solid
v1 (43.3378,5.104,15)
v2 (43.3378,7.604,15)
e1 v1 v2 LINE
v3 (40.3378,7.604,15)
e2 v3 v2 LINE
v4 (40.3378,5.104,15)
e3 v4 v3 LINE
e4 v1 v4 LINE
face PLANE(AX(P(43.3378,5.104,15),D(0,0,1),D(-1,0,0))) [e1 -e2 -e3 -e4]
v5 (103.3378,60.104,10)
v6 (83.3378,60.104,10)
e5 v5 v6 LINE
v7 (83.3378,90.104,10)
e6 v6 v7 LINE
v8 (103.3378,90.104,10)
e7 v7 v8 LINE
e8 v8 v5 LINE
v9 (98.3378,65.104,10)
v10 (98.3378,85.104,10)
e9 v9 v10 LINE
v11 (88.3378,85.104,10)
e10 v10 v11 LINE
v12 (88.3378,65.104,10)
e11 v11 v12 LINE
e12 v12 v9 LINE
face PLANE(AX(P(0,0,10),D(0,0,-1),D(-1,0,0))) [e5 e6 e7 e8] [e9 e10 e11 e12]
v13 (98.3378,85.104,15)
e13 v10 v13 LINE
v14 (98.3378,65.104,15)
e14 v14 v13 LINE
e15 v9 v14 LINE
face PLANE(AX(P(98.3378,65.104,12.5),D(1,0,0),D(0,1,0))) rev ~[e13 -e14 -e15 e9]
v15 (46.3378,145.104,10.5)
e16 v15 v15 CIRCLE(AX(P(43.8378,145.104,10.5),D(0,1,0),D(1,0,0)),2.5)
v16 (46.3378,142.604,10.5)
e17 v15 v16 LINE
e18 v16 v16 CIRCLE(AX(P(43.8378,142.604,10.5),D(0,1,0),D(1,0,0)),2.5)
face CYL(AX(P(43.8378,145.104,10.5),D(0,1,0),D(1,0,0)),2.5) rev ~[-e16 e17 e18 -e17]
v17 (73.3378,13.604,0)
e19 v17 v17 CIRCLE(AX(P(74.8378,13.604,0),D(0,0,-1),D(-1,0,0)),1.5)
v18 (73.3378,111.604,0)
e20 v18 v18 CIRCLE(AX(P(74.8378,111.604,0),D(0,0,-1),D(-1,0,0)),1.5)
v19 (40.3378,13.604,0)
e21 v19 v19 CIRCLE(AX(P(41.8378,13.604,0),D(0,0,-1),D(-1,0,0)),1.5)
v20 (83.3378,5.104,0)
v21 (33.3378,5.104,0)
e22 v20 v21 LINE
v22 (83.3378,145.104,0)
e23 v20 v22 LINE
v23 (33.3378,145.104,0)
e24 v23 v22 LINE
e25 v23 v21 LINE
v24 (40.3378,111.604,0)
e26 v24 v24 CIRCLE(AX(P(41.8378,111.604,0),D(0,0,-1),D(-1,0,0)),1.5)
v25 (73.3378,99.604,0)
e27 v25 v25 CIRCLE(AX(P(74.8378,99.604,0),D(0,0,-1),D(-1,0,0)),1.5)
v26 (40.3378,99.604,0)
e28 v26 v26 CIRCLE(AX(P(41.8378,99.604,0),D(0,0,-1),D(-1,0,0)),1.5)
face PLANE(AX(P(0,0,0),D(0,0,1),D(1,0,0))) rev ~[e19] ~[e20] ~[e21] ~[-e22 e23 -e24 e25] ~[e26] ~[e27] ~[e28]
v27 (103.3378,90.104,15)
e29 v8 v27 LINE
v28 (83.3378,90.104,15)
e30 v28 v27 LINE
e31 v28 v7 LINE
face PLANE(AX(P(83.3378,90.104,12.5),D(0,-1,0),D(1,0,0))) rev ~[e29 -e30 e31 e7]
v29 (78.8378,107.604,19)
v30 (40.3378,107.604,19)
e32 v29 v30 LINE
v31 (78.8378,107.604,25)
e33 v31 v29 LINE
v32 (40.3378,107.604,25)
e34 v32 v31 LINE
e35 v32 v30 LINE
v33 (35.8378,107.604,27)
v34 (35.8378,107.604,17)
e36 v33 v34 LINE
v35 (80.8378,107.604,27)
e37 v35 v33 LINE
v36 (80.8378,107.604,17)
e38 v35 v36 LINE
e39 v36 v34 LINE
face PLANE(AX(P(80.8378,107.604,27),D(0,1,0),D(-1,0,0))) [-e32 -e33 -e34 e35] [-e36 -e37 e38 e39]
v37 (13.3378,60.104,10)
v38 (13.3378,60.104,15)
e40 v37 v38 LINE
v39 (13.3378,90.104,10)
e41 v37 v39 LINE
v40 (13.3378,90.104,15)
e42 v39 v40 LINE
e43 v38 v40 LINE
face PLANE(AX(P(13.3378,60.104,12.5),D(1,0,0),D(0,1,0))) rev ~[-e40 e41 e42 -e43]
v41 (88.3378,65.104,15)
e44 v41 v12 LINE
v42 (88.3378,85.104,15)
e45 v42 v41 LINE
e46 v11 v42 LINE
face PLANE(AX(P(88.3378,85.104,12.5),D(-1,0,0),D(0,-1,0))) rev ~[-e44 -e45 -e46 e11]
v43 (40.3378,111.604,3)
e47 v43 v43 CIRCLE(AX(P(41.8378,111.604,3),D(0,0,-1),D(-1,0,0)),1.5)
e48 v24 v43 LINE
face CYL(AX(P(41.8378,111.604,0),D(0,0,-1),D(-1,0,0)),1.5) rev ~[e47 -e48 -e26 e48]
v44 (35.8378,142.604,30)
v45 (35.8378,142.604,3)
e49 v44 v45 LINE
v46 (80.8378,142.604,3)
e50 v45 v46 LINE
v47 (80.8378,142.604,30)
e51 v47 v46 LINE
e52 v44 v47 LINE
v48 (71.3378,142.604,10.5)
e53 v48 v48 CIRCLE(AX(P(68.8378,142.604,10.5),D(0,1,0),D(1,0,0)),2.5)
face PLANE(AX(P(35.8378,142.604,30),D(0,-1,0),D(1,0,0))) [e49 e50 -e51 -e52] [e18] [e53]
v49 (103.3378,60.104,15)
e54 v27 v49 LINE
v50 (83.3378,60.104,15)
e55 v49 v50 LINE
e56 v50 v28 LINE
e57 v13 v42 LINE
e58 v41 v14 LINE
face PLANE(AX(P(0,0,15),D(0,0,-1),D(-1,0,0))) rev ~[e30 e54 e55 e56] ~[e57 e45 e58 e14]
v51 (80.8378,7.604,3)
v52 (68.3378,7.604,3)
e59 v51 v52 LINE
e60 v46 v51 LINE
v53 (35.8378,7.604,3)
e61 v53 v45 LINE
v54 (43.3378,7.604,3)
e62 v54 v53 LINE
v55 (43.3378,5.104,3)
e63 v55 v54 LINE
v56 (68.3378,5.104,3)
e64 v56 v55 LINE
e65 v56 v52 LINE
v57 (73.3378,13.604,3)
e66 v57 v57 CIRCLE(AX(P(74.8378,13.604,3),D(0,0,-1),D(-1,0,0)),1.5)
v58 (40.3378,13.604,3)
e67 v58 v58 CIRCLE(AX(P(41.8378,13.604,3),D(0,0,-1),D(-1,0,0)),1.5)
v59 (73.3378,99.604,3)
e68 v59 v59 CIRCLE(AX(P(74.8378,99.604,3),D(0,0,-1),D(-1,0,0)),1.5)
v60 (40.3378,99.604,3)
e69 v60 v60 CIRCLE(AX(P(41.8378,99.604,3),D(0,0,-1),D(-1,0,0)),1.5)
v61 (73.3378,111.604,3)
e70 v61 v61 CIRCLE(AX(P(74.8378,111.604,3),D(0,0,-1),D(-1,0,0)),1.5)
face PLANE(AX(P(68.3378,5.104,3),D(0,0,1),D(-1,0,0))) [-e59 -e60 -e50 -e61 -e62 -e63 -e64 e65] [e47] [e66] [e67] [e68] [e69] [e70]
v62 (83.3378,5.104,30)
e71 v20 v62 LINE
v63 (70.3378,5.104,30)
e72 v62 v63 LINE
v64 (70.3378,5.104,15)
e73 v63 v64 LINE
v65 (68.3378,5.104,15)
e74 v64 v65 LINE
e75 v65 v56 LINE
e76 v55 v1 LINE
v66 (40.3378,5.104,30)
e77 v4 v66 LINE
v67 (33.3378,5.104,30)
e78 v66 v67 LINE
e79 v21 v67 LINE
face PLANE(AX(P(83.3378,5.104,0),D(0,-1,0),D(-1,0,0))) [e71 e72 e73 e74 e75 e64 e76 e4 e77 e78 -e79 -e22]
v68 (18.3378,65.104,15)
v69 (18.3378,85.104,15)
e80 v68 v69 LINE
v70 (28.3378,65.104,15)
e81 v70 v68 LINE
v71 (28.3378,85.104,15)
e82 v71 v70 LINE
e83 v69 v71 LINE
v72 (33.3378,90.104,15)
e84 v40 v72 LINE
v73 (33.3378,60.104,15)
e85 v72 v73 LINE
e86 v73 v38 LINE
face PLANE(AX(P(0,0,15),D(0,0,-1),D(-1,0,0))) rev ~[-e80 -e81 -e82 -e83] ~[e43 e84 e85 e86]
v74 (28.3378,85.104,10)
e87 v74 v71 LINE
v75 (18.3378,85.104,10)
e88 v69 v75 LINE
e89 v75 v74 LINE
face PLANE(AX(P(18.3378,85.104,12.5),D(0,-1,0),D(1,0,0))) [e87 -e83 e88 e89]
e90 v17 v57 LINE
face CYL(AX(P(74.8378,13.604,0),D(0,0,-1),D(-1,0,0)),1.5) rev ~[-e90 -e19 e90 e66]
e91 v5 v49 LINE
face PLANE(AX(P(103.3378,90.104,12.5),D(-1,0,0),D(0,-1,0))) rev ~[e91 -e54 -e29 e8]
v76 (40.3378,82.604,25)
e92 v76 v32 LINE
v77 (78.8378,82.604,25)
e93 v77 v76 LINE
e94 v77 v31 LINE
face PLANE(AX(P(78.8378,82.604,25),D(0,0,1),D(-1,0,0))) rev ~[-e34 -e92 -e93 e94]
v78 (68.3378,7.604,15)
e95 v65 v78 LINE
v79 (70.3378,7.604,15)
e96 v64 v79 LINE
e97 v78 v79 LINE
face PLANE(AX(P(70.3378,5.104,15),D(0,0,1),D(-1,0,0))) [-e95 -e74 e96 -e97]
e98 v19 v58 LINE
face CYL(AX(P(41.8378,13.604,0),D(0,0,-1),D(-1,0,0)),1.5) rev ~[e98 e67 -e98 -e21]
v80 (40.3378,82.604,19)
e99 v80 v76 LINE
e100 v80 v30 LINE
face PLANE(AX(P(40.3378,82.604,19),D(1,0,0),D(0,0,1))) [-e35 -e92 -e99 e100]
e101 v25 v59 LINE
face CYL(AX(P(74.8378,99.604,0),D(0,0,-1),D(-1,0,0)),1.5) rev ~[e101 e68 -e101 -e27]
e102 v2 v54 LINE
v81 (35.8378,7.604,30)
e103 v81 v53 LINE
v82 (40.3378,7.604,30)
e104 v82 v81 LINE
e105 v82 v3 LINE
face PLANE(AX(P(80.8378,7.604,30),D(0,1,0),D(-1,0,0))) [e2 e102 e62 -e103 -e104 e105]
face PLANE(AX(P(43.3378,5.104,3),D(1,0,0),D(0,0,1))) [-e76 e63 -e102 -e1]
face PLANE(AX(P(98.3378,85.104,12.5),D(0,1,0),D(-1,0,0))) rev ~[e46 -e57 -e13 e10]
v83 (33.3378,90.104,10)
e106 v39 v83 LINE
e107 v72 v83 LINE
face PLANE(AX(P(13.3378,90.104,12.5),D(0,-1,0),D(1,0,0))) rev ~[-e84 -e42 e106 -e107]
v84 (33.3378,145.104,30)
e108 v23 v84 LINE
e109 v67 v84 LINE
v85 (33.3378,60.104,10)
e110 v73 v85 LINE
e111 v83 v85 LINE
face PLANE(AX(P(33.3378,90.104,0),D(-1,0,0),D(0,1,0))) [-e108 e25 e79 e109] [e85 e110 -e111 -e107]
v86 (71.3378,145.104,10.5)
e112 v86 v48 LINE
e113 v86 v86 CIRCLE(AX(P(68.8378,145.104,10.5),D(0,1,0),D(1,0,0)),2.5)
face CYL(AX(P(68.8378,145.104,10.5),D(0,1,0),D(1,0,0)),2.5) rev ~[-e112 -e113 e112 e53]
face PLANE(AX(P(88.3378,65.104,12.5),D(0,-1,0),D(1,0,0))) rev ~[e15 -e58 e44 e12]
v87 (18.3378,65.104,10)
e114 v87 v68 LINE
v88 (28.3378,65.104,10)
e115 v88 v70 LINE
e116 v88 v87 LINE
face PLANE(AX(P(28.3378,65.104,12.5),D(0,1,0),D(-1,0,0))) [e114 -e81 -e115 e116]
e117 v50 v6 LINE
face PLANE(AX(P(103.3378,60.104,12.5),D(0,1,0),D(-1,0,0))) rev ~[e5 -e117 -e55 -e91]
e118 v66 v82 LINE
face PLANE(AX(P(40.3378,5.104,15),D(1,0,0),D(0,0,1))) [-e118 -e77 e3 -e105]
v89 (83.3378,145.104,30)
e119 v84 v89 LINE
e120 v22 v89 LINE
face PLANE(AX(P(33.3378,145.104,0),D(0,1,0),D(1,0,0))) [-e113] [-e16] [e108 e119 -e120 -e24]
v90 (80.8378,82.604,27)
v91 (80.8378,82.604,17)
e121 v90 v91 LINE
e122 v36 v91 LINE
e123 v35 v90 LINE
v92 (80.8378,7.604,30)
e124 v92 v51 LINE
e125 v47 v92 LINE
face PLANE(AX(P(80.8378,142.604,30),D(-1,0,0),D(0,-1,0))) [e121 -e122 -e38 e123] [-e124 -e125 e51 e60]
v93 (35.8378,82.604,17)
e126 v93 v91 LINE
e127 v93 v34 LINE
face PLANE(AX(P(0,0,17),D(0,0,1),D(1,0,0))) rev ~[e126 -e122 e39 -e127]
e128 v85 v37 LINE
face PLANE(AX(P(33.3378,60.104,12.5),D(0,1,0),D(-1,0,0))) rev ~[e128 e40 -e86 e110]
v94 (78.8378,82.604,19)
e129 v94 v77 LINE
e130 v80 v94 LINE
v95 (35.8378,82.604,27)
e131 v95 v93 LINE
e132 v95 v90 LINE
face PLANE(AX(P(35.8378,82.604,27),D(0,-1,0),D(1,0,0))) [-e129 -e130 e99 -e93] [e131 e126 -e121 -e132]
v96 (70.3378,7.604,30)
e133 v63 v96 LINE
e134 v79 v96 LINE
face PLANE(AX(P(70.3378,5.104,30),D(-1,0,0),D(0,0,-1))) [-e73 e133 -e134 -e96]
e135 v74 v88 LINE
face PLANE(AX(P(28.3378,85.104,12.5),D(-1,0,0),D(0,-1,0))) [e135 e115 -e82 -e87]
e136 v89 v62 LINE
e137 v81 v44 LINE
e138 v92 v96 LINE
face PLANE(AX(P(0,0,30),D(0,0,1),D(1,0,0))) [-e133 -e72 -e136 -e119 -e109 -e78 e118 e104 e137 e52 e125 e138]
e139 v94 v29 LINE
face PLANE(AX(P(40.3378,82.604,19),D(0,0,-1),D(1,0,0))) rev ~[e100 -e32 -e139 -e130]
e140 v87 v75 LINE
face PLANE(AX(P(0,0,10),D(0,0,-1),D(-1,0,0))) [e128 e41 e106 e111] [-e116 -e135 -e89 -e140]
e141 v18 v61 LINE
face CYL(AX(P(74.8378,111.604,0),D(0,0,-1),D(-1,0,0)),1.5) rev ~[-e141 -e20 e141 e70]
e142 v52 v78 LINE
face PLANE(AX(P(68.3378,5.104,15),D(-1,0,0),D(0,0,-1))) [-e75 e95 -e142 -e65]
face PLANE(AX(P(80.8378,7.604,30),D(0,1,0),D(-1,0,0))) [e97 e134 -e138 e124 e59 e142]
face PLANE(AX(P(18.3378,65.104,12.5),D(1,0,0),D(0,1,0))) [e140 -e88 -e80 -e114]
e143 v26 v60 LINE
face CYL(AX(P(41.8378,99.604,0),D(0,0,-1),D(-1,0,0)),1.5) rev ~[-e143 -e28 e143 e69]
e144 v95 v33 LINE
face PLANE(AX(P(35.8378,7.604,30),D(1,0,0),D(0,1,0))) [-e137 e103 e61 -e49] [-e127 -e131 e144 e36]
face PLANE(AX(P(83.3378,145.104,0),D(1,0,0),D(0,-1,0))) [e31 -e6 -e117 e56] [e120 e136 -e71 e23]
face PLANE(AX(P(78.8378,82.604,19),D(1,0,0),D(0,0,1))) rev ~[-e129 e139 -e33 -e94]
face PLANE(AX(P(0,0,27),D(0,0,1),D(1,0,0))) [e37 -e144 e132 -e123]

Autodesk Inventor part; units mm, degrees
ref_plane "YZ Plane" through (0, 0, 0) normal (1, 0, 0) x (0, 1, 0)
sketch "Sketch1" plane through (0, 0, 0) normal (0, 0, 1) x (1, 0, 0)
  line L0 (33.3378, 145.104) -> (83.3378, 145.104)
  line L1 (83.3378, 145.104) -> (83.3378, 5.104)
  line L2 (83.3378, 5.104) -> (33.3378, 5.104)
  line L3 (33.3378, 5.104) -> (33.3378, 145.104)
  line L4 (33.3378, 90.104) -> (33.3378, 60.104)
  line L5 (83.3378, 90.104) -> (83.3378, 60.104)
  point P0 (0, 0)
  dimension "d0" = 140
  dimension "d1" = 50
extrude "Extrusion1" add sketch "Sketch1" along normal blind 30
sketch "Sketch2" plane through (0, 0, 30) normal (0, 0, 1) x (1, 0, 0)
  line L0 (35.8378, 142.604) -> (80.8378, 142.604)
  line L1 (80.8378, 142.604) -> (80.8378, 7.604)
  line L2 (80.8378, 7.604) -> (35.8378, 7.604)
  line L3 (35.8378, 7.604) -> (35.8378, 142.604)
  line L4 (83.3378, 145.104) -> (33.3378, 145.104) projected
  line L5 (83.3378, 5.104) -> (83.3378, 145.104) projected
  line L6 (33.3378, 5.104) -> (83.3378, 5.104) projected
  line L7 (33.3378, 145.104) -> (33.3378, 5.104) projected
  point P0 (0, 0)
  point P1 (58.3378, 142.604)
  dimension "d4" = 2.5
  dimension "d5" = 2.5
  dimension "d6" = 2.5
  dimension "d7" = 2.5
extrude "Extrusion2" cut sketch "Sketch2" against normal blind 27 contours L0 L1 L2 L3
sketch "Sketch3" plane through (33.3378, 5.104, 0) normal (0, -1, 0) x (1, 0, 0)
  line L0 (7, 30) -> (37, 30)
  line L1 (37, 30) -> (37, 15)
  line L2 (37, 15) -> (7, 15)
  line L3 (7, 15) -> (7, 30)
  line L4 (0, 0) -> (50, 0) projected
  line L5 (0, 0) -> (0, 30) projected
  line L6 (0, 30) -> (50, 30) projected
  line L7 (10, 15) -> (35, 15)
  line L8 (35, 15) -> (35, 3)
  line L9 (35, 3) -> (10, 3)
  line L10 (10, 3) -> (10, 15)
  point P0 (-33.3378, 0)
  point P1 (37, 22.5)
  point P2 (10, 9)
  dimension "d10" = 15
  dimension "d11" = 30
  dimension "d12" = 7
  dimension "d13" = 0
  dimension "d14" = 25
  dimension "d15" = 10
  dimension "d16" = 3
extrude "Extrusion3" cut sketch "Sketch3" against normal blind 27
sketch "Sketch4" plane through (0, 0, 0) normal (0, 0, -1) x (-1, 0, 0)
  circle A0 centre (-74.8378, 13.604) radius 1.5
  circle A1 centre (-41.8378, 13.604) radius 1.5
  circle A2 centre (-41.8378, 99.604) radius 1.5
  circle A3 centre (-74.8378, 99.604) radius 1.5
  circle A4 centre (-41.8378, 111.604) radius 1.5
  circle A5 centre (-74.8378, 111.604) radius 1.5
  line L0 (-83.3378, 5.104) -> (-83.3378, 145.104) projected
  line L1 (-33.3378, 145.104) -> (-33.3378, 5.104) projected
  line L2 (-33.3378, 5.104) -> (-83.3378, 5.104) projected
  line L3 (-83.3378, 145.104) -> (-33.3378, 145.104) projected
  point P0 (0, 0)
  dimension "d19" = 8.5
  dimension "d20" = 8.5
  dimension "d21" = 8.5
  dimension "d22" = 8.5
  dimension "d23" = 3
  dimension "d24" = 3
  dimension "d25" = 8.5
  dimension "d26" = 8.5
  dimension "d27" = 8.5
  dimension "d28" = 8.5
  dimension "d29" = 3
  dimension "d30" = 3
  dimension "d31" = 3
  dimension "d32" = 3
  dimension "d33" = 12
  dimension "d34" = 12
  dimension "d35" = 33.5
  dimension "d36" = 33.5
extrude "Extrusion4" cut sketch "Sketch4" against normal blind 27 contours A0 | A1 | A2 | A3 | A4 | A5
sketch "Sketch5" plane through (33.3378, 145.104, 0) normal (0, 1, 0) x (1, 0, 0)
  circle A0 centre (35.5, -10.5) radius 2.5
  circle A1 centre (10.5, -10.5) radius 2.5
  line L0 (50, 0) -> (50, -30) projected
  line L1 (50, 0) -> (0, 0) projected
  point P0 (-33.3378, 0)
  dimension "d39" = 5
  dimension "d40" = 5
  dimension "d41" = 25
  dimension "d42" = 14.5
  dimension "d43" = 10.5
  dimension "d44" = 10.5
extrude "Extrusion5" cut sketch "Sketch5" against normal blind 27
sketch "Sketch6" plane through (33.3378, 5.104, 0) normal (0, -1, 0) x (1, 0, 0)
  point P0 (-33.3378, 0)
ref_plane "Work Plane1" through (0, 0, 12.5) normal (0, 0, -1) x (-1, 0, 0)
sketch "Sketch7" plane through (0, 0, 12.5) normal (0, 0, -1) x (-1, 0, 0)
  line L0 (-83.3378, 5.104) -> (-83.3378, 145.104) projected
  line L1 (-83.3378, 90.104) -> (-103.3378, 90.104)
  line L2 (-103.3378, 90.104) -> (-103.3378, 60.104)
  line L3 (-103.3378, 60.104) -> (-83.3378, 60.104)
  line L4 (-83.3378, 60.104) -> (-83.3378, 90.104)
  line L5 (-83.3378, 145.104) -> (-33.3378, 145.104) projected
  line L6 (-88.3378, 65.104) -> (-98.3378, 65.104)
  line L7 (-98.3378, 65.104) -> (-98.3378, 85.104)
  line L8 (-98.3378, 85.104) -> (-88.3378, 85.104)
  line L9 (-88.3378, 85.104) -> (-88.3378, 65.104)
  line L10 (-33.3378, 145.104) -> (-33.3378, 5.104) projected
  line L11 (-13.3378, 90.104) -> (-33.3378, 90.104)
  line L12 (-33.3378, 90.104) -> (-33.3378, 60.104)
  line L13 (-33.3378, 60.104) -> (-13.3378, 60.104)
  line L14 (-13.3378, 60.104) -> (-13.3378, 90.104)
  line L15 (-18.3378, 85.104) -> (-28.3378, 85.104)
  line L16 (-28.3378, 85.104) -> (-28.3378, 65.104)
  line L17 (-28.3378, 65.104) -> (-18.3378, 65.104)
  line L18 (-18.3378, 65.104) -> (-18.3378, 85.104)
  point P0 (0, 0)
  point P1 (-93.3378, 60.104)
  dimension "d56" = 20
  dimension "d57" = 30
  dimension "d58" = 55
  dimension "d59" = 5
  dimension "d60" = 20
  dimension "d61" = 30
  dimension "d62" = 55
  dimension "d63" = 5
extrude "Extrusion6" add sketch "Sketch7" along normal mid plane 5
ref_plane "Work Plane2" through (0, 0, 27) normal (0, 0, 1) x (1, 0, 0)
sketch "Sketch8" plane through (0, 0, 27) normal (0, 0, 1) x (1, 0, 0)
  line L0 (80.8378, 142.604) -> (80.8378, 7.604) projected
  line L1 (35.8378, 7.604) -> (35.8378, 142.604) projected
  line L2 (80.8378, 107.604) -> (35.8378, 107.604)
  line L3 (35.8378, 107.604) -> (35.8378, 82.604)
  line L4 (35.8378, 82.604) -> (80.8378, 82.604)
  line L5 (80.8378, 82.604) -> (80.8378, 107.604)
  line L6 (35.8378, 142.604) -> (80.8378, 142.604) projected
  point P0 (0, 0)
  dimension "d67" = 35
  dimension "d68" = 25
extrude "Extrusion7" add sketch "Sketch8" against normal blind 10 contours L0 L4 L1 L2
sketch "Sketch9" plane through (35.8378, 82.604, 27) normal (0, -1, 0) x (1, 0, 0)
  line L0 (43, -2) -> (2, -2)
  line L1 (2, -2) -> (2, -8)
  line L2 (2, -8) -> (43, -8)
  line L3 (43, -8) -> (43, -2)
  line L4 (4.5, -12) -> (4.5, 3) projected
  line L5 (0, 0) -> (45, 0) projected
  line L6 (45, -10) -> (0, -10) projected
  line L7 (0, -10) -> (0, 0) projected
  point P0 (-35.8378, -27)
  point P1 (45, 3)
  point P2 (4.5, -2)
  point P3 (4.5, -8)
  dimension "d72" = 2
  dimension "d73" = 2
  dimension "d74" = 2
  dimension "d75" = 2
extrude "Extrusion8" cut sketch "Sketch9" against normal blind 27 contours L3 L2 L4 L0
properties part number "arduino mould_3r"
